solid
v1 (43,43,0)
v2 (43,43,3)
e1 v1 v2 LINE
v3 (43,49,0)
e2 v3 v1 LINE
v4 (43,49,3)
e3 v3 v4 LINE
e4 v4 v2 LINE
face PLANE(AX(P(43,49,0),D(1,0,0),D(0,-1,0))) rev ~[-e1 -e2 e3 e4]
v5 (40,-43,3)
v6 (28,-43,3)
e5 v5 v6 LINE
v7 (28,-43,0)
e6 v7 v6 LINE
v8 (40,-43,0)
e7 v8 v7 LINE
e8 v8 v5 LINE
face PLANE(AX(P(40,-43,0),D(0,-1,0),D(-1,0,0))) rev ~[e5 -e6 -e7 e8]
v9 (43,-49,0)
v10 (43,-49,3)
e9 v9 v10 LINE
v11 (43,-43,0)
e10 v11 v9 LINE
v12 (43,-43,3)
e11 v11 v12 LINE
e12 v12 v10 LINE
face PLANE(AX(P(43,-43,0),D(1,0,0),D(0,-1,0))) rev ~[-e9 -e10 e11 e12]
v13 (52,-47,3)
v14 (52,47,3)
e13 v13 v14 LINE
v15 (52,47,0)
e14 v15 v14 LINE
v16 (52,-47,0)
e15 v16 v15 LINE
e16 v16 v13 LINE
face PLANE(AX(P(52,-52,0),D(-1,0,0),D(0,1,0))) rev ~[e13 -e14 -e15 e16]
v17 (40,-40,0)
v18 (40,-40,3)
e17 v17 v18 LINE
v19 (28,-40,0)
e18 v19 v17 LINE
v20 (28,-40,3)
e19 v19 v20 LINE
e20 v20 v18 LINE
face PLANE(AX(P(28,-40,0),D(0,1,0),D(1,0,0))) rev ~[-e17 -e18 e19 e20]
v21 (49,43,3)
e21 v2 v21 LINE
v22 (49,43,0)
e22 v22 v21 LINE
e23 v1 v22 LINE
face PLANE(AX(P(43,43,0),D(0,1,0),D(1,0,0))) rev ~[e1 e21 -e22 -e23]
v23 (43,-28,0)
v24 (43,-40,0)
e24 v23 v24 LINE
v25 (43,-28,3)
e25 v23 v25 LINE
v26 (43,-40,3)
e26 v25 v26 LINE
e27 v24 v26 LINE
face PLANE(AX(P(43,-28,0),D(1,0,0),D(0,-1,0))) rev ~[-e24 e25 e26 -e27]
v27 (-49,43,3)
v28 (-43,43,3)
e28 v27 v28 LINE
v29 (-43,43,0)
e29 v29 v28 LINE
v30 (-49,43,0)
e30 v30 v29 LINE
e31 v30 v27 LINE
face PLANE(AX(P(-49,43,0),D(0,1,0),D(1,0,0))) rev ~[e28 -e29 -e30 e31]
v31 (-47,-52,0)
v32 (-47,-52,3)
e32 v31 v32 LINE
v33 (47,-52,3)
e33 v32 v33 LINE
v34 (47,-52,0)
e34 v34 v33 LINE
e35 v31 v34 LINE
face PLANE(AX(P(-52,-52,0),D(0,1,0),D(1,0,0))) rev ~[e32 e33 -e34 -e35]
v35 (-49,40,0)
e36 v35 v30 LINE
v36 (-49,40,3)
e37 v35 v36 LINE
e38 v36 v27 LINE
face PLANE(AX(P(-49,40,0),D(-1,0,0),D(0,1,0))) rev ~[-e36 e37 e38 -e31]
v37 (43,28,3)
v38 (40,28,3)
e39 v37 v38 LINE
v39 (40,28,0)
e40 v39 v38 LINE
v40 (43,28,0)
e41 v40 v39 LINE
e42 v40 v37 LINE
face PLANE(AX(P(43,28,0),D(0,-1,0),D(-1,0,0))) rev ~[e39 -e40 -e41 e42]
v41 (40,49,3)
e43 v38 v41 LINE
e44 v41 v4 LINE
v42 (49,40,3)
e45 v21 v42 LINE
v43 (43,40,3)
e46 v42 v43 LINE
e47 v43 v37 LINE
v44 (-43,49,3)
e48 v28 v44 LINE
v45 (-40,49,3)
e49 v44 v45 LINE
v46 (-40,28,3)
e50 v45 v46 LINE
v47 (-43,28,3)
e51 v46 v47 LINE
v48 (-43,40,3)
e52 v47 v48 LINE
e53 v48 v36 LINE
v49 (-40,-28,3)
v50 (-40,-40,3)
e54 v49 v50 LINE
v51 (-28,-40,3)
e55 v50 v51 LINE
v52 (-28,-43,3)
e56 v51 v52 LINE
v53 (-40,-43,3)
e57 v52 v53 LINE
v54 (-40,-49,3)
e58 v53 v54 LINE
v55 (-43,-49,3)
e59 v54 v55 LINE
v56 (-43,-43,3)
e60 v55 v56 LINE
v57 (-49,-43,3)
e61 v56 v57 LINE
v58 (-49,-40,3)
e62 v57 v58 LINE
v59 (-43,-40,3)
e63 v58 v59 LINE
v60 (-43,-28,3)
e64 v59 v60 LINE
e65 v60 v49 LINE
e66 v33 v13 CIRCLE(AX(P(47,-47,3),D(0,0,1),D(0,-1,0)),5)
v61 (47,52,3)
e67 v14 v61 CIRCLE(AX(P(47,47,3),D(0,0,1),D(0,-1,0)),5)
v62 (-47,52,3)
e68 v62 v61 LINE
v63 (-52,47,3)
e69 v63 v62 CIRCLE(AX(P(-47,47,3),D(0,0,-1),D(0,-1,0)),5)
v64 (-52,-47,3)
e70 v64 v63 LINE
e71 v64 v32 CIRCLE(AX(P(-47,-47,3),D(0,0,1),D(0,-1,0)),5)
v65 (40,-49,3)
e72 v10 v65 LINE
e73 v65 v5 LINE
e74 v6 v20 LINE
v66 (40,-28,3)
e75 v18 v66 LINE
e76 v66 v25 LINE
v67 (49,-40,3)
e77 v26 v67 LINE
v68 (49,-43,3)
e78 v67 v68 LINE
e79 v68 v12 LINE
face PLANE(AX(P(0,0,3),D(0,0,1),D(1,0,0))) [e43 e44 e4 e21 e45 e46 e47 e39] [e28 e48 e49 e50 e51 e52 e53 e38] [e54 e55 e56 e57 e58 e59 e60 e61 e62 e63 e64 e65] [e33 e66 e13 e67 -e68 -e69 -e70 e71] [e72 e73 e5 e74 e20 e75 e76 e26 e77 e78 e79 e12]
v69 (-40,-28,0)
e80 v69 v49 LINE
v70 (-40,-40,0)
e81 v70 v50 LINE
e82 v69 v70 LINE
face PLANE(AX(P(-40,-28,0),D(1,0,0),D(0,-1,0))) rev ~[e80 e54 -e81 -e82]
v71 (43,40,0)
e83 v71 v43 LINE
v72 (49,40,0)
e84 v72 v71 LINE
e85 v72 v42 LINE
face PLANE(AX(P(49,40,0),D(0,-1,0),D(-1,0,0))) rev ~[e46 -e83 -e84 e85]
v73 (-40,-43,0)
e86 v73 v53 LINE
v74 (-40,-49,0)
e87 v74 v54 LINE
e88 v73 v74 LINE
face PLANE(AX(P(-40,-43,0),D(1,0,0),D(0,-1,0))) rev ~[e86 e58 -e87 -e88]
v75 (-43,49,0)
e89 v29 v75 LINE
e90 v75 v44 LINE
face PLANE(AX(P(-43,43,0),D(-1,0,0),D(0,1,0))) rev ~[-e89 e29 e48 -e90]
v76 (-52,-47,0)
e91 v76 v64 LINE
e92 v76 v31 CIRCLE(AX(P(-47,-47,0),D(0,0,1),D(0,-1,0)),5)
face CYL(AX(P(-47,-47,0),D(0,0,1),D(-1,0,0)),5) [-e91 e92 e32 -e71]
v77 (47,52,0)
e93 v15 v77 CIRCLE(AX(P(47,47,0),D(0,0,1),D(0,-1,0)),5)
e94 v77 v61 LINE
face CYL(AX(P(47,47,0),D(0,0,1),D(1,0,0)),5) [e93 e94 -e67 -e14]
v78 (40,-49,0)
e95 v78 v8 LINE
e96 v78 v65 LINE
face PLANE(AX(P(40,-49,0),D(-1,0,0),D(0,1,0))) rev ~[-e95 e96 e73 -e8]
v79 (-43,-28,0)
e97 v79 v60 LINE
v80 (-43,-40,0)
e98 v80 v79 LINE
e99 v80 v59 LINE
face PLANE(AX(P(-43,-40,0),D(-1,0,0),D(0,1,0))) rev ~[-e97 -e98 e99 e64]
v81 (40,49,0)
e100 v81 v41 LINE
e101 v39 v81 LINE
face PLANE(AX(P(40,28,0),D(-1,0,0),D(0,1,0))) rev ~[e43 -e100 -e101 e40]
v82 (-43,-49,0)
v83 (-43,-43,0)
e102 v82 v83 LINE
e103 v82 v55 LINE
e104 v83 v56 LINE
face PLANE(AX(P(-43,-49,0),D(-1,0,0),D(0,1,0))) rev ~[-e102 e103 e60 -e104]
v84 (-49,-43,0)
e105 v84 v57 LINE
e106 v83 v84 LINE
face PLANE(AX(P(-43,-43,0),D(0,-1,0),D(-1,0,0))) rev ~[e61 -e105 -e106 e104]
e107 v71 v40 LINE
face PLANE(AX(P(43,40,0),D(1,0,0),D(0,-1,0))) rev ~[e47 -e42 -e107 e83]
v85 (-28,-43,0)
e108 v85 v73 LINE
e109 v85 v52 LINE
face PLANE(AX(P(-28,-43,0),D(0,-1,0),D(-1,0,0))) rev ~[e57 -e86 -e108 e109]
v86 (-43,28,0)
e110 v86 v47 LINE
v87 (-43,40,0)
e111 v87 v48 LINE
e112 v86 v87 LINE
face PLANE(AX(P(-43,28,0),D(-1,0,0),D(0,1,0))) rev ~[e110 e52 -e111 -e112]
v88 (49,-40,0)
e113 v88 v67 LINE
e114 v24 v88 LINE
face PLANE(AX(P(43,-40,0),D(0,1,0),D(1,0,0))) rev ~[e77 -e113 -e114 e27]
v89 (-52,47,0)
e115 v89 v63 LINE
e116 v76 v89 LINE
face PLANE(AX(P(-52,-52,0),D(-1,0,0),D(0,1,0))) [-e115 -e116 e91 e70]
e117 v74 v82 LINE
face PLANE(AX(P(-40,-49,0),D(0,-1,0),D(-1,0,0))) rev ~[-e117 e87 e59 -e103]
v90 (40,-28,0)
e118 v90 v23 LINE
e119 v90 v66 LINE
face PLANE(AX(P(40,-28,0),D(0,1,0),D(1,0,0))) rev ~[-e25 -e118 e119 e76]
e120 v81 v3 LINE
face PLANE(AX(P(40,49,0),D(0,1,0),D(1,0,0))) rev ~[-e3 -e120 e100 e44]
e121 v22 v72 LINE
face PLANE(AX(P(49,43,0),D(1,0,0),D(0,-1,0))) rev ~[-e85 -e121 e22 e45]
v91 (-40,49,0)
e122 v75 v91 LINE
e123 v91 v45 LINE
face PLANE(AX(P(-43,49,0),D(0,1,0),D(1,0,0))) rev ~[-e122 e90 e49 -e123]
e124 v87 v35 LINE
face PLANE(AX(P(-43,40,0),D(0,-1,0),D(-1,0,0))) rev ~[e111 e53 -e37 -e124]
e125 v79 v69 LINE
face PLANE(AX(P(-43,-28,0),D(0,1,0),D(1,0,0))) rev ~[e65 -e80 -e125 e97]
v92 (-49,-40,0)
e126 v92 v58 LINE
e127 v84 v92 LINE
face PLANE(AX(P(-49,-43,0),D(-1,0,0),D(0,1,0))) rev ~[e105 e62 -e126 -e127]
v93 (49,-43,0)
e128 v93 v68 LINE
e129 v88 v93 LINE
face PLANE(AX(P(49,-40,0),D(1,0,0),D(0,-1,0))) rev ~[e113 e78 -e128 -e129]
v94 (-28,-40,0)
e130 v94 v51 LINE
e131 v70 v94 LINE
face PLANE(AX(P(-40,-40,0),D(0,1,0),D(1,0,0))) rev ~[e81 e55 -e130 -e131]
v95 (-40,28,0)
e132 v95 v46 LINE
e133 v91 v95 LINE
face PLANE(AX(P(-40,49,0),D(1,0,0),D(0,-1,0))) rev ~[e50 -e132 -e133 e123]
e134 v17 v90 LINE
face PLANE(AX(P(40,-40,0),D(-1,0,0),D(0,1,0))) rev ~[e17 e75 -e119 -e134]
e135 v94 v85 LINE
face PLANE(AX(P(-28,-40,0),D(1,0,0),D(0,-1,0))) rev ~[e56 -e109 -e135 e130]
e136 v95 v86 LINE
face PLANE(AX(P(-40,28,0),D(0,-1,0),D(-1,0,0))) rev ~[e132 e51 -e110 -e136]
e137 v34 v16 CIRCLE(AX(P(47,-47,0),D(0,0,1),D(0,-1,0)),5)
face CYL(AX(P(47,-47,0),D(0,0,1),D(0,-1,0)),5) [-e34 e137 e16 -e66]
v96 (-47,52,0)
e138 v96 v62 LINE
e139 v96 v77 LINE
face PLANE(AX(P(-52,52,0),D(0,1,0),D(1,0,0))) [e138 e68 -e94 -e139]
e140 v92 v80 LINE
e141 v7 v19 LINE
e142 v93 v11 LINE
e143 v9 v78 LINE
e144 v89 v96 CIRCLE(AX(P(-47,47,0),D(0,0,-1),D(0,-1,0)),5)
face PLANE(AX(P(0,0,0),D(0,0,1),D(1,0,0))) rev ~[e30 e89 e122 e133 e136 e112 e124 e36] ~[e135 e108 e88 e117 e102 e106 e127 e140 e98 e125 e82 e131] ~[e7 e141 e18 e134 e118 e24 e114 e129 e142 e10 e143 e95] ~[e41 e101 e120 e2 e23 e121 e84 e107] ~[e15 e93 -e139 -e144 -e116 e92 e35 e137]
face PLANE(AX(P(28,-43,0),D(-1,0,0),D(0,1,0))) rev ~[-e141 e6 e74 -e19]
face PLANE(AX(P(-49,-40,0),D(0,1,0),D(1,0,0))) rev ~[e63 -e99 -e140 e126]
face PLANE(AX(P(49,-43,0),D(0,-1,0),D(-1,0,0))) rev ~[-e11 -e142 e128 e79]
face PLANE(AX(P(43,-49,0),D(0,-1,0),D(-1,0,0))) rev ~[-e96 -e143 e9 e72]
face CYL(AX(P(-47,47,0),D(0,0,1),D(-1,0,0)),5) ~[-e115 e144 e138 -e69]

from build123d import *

# Parameters (mm, degrees)
F1_W     = 104
F1_H     = 104
F2_DEPTH = 3
F3_R     = 5


with BuildPart() as f2:
    # F1 (on Top) → F2 (new body)
    with BuildSketch(Plane.XY):
        Rectangle(F1_W, F1_H)
        Polygon((28, -43), (28, -40), (-28, -40), (-28, -43), (-40, -43), (-40, -49), (-43, -49), (-43, -43), (-49, -43), (-49, -40), (-43, -40), (-43, -28), (-40, -28), (-40, 28), (-43, 28), (-43, 40), (-49, 40), (-49, 43), (-43, 43), (-43, 49), (-40, 49), (-40, 43), (-40, 40), (40, 40), (40, 43), (40, 49), (43, 49), (43, 43), (49, 43), (49, 40), (43, 40), (43, 28), (40, 28), (40, -28), (43, -28), (43, -40), (49, -40), (49, -43), (43, -43), (43, -49), (40, -49), (40, -43), align=None, mode=Mode.SUBTRACT)
        Polygon((28, -40), (40, -40), (40, -28), (40, 28), (40, 40), (-40, 40), (-40, 28), (-40, -28), (-40, -40), (-28, -40), align=None)
    extrude(amount=F2_DEPTH)

    # F3
    f3_edges = [f2.edges().sort_by_distance(p)[0] for p in [
        (-52, -52, 1.5),
        (-52, 52, 1.5),
        (52, -52, 1.5),
        (52, 52, 1.5),
    ]]
    fillet(f3_edges, radius=F3_R)


solid = f2.part
